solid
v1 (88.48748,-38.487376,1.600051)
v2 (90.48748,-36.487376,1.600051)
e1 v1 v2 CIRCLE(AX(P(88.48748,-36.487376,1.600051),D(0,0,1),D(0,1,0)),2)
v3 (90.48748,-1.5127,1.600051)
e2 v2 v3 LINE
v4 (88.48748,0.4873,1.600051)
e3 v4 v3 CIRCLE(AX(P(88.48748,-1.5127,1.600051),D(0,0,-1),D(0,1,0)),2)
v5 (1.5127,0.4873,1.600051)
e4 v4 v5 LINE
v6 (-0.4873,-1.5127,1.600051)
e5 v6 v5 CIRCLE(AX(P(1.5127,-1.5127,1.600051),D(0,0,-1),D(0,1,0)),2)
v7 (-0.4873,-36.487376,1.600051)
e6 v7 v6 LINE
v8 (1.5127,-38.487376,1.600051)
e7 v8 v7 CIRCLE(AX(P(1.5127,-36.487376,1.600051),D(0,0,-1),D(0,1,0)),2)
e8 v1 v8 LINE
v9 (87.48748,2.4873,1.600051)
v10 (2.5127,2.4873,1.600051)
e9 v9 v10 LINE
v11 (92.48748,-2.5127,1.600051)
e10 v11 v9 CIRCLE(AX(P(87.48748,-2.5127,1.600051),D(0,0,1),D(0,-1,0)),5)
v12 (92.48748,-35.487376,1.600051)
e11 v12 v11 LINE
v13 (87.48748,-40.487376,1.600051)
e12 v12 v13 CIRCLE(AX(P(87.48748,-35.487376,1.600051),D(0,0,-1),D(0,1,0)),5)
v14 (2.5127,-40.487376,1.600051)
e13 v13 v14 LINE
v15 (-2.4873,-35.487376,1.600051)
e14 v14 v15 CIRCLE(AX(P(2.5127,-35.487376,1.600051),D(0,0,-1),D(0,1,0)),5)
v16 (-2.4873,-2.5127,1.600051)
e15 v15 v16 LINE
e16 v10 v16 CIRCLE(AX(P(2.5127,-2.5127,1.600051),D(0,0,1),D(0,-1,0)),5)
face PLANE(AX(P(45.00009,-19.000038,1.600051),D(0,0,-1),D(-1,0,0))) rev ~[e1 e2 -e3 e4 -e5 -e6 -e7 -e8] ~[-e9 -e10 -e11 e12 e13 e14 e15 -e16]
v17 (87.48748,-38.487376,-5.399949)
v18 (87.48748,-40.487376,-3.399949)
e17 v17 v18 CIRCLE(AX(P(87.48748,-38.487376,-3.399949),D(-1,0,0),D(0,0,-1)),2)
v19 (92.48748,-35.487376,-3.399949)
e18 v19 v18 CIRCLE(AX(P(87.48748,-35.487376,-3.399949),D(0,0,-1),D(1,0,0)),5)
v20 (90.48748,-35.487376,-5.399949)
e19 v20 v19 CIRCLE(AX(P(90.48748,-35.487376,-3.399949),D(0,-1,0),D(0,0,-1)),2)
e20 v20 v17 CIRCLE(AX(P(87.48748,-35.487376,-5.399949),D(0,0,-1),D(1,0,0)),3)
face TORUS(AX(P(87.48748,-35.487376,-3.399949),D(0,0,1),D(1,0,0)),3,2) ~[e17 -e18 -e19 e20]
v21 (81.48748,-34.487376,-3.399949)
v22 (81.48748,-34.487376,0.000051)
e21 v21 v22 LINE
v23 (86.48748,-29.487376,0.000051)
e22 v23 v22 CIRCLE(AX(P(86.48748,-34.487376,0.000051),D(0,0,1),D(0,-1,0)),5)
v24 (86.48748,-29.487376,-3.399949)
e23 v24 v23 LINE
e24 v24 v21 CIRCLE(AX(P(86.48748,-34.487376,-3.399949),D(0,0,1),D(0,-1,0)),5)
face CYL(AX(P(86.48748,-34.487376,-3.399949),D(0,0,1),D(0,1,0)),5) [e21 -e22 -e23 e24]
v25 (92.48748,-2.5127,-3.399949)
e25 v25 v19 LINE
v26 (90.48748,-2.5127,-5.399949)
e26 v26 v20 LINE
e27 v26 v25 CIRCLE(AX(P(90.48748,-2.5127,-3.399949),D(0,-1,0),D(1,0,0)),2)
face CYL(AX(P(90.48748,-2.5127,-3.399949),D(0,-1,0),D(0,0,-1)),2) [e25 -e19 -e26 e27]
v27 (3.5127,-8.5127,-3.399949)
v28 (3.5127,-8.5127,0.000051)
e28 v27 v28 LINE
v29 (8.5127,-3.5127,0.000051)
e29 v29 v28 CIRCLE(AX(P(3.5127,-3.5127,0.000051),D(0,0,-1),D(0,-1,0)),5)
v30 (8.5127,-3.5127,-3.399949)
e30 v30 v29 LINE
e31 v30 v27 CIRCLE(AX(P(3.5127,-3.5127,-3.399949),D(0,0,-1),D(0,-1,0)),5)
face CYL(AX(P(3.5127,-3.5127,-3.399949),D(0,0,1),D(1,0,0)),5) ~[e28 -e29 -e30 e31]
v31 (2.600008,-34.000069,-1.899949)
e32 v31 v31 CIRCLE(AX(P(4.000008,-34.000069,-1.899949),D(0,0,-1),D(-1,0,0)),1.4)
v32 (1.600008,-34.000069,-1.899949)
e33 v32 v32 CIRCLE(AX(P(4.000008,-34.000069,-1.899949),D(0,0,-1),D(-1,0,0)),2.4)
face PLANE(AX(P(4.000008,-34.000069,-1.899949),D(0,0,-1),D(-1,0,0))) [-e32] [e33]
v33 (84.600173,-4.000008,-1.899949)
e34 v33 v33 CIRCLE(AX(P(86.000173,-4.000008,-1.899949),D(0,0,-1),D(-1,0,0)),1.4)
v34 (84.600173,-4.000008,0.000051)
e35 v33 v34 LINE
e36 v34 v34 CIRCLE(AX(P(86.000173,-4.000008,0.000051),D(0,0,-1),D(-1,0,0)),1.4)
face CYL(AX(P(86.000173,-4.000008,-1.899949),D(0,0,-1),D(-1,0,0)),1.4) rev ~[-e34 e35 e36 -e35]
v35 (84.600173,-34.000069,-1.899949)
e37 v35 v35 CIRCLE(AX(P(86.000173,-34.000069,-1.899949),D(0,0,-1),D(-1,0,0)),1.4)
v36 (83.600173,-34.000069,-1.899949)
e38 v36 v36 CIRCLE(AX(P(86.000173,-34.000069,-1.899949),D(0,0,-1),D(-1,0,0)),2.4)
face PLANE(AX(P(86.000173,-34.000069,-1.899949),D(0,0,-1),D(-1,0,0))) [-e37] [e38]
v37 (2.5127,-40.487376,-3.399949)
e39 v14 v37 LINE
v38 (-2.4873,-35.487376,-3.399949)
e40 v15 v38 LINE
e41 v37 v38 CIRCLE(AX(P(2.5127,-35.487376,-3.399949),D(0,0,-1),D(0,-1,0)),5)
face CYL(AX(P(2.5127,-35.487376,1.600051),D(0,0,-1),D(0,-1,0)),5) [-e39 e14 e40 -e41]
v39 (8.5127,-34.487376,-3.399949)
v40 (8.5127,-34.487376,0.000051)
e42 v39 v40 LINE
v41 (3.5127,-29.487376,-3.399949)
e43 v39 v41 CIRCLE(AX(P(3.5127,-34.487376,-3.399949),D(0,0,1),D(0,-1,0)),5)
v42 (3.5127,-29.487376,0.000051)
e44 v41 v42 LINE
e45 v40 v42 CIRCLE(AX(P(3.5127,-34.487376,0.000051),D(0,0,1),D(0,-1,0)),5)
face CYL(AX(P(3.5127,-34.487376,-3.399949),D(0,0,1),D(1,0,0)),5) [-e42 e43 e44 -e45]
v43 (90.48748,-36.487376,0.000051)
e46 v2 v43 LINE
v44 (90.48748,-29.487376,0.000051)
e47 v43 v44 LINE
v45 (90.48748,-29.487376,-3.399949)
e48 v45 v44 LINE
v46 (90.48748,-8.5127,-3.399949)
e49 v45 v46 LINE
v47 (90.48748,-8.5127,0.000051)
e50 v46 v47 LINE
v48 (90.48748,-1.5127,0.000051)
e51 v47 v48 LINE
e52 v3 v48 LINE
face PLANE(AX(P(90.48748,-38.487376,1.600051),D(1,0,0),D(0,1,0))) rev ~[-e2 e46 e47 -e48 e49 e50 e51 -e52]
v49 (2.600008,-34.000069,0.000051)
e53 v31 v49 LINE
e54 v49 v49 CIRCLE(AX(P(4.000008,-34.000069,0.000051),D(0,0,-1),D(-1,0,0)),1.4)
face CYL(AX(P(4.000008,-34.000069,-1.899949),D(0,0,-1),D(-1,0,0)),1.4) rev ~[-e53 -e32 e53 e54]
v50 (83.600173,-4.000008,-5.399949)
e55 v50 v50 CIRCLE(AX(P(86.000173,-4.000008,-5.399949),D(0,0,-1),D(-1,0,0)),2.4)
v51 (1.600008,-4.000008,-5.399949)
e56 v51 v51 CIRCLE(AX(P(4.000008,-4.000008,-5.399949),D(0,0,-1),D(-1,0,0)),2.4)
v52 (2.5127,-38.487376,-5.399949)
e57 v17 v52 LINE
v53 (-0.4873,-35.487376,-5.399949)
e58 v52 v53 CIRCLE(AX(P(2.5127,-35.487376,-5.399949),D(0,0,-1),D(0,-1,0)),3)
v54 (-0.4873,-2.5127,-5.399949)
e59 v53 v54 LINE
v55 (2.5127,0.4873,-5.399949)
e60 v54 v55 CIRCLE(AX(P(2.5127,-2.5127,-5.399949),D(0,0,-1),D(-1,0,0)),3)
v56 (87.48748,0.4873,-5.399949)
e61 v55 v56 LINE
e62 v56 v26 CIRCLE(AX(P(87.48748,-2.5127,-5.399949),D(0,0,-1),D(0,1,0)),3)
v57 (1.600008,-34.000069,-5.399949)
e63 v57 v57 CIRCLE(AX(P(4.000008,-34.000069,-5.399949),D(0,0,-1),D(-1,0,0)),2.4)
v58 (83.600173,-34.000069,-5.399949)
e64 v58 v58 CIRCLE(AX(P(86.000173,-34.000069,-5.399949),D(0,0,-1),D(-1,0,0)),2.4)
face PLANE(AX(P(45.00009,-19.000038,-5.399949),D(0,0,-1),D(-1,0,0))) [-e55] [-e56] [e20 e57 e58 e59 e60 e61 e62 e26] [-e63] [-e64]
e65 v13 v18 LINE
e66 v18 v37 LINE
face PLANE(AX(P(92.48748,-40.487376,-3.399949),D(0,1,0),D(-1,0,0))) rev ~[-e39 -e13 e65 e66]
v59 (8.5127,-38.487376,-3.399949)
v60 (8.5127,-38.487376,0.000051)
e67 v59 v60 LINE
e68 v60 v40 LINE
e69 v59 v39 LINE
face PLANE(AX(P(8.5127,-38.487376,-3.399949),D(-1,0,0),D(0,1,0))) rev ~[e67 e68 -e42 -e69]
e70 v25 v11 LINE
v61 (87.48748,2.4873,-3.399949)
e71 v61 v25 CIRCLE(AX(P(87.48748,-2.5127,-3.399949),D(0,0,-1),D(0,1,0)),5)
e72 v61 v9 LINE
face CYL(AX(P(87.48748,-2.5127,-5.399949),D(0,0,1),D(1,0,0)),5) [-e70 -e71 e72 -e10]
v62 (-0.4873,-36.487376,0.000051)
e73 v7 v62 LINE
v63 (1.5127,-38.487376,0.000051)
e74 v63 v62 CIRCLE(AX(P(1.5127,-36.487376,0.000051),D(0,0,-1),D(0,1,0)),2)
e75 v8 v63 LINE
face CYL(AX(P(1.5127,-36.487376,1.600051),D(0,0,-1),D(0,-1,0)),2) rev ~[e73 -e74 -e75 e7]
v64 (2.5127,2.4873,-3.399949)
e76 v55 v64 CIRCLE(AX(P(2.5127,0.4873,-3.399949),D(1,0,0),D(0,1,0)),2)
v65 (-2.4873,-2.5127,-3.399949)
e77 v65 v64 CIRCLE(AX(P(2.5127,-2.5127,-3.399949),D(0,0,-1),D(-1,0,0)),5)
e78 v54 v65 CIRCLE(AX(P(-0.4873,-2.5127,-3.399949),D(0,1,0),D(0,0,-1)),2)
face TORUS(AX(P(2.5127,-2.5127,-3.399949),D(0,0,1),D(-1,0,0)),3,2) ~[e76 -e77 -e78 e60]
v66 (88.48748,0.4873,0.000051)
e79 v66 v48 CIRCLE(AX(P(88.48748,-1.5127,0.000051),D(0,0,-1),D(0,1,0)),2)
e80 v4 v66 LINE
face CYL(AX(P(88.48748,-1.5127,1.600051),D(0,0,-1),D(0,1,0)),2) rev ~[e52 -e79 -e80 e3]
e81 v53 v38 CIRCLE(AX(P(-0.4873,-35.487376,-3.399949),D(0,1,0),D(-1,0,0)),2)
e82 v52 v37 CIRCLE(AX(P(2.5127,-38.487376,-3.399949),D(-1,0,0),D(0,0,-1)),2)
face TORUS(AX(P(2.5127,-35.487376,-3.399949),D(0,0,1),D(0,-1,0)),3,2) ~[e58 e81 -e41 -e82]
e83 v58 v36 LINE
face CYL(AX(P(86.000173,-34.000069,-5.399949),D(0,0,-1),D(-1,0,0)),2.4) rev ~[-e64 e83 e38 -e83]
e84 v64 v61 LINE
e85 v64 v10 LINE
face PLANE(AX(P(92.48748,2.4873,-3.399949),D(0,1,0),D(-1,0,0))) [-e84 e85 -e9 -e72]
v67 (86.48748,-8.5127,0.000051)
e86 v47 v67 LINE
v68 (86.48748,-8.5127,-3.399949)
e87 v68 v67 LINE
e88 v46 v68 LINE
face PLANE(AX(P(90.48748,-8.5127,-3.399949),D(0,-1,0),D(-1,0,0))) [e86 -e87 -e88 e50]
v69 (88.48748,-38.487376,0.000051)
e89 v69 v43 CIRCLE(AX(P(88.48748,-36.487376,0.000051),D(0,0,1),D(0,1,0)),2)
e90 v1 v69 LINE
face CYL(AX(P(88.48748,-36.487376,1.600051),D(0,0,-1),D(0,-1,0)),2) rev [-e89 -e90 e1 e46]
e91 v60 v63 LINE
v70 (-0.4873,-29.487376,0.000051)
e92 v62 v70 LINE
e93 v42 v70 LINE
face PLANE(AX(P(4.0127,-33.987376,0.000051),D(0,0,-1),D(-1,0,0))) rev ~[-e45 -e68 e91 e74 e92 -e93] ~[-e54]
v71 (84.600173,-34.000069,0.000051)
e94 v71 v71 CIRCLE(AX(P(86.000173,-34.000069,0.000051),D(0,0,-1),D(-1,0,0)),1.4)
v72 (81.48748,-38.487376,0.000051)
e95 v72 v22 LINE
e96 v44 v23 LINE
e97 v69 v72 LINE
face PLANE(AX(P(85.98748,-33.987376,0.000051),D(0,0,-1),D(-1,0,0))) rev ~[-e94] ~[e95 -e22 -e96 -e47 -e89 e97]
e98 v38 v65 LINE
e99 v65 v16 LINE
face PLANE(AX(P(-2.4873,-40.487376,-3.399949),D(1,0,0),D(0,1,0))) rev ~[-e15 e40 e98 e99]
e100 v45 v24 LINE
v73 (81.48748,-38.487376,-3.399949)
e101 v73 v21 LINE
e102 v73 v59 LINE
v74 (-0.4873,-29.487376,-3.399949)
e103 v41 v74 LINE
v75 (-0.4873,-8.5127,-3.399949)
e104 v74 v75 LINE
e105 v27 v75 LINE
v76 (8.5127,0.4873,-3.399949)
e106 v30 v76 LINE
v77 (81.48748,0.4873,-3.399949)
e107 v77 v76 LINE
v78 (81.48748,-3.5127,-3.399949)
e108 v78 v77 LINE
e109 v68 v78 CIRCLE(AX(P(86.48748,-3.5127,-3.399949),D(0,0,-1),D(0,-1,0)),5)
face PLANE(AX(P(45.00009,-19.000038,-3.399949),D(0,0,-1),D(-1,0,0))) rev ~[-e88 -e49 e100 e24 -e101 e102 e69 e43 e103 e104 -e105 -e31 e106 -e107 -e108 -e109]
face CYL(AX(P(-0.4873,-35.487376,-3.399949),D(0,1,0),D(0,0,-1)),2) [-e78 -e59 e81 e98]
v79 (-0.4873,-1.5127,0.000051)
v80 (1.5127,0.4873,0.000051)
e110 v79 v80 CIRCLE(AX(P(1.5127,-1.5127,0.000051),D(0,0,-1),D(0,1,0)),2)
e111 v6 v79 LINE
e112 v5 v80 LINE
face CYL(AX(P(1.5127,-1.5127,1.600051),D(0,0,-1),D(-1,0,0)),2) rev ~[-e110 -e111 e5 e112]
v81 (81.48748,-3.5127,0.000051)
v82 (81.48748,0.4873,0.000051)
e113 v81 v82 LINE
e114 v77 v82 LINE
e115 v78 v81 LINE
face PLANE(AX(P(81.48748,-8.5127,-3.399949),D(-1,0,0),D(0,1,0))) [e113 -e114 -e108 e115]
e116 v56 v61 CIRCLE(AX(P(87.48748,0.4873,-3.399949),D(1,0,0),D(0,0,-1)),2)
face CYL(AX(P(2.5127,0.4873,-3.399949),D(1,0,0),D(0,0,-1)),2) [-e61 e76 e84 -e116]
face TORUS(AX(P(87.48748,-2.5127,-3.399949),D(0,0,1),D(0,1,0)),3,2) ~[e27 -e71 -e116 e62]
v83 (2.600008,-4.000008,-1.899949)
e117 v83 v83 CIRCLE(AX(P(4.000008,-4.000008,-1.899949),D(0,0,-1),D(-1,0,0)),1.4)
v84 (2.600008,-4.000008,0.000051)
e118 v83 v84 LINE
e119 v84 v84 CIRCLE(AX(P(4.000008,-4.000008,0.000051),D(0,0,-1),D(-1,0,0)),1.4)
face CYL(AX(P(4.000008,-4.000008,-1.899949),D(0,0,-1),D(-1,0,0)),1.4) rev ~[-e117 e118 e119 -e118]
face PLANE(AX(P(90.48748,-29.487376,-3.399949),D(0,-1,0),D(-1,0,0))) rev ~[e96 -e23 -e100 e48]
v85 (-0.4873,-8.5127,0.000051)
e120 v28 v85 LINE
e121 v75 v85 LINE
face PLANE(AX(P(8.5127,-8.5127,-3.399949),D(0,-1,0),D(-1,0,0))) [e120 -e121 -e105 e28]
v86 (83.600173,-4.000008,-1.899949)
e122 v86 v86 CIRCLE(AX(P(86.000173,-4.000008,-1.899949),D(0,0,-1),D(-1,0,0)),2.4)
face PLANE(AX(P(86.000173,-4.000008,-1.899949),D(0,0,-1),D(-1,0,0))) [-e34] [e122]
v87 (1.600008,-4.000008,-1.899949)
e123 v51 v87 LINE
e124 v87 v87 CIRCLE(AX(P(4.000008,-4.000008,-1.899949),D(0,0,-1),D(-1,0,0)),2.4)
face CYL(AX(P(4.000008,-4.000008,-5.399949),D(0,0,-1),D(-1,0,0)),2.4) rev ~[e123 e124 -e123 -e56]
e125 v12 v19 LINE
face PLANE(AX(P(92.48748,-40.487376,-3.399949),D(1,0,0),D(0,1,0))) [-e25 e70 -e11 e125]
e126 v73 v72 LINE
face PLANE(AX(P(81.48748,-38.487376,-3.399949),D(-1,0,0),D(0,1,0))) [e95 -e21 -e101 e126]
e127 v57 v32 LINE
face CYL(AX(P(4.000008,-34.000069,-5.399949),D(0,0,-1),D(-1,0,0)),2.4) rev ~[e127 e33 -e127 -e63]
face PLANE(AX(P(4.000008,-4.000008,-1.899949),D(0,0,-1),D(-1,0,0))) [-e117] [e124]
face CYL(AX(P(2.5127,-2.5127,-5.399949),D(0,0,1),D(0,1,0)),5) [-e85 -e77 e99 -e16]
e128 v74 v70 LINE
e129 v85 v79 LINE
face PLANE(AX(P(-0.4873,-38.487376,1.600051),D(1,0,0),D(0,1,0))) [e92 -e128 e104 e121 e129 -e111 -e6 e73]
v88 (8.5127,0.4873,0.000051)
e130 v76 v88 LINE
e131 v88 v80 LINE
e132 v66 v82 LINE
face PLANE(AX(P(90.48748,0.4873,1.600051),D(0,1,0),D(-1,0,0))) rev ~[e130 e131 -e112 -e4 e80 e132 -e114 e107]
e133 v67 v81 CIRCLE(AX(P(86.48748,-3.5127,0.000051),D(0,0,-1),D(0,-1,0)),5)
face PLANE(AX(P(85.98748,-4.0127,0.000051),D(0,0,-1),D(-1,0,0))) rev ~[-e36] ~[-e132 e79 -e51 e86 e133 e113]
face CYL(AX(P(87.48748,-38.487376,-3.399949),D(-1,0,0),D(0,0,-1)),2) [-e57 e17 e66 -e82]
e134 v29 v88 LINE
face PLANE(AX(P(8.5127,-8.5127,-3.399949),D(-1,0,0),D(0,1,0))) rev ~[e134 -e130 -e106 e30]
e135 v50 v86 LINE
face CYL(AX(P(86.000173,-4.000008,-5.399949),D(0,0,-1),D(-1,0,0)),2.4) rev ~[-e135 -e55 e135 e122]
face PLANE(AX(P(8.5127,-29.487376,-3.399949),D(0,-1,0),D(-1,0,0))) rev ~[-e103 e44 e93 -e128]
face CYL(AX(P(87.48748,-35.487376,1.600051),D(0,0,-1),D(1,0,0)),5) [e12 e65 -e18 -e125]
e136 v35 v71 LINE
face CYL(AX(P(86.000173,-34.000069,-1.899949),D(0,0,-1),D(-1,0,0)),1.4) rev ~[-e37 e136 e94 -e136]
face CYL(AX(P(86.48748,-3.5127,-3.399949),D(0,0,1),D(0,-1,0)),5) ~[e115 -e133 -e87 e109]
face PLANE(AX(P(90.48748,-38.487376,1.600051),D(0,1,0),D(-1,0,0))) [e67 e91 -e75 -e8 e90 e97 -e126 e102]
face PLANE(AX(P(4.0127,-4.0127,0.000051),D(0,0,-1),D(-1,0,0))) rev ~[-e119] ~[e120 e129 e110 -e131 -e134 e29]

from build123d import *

# Parameters (mm, degrees)
SKETCH_1_W          = 94.97478029
SKETCH_1_H          = 42.97467615
SKETCH_1_W_2        = 90.97478029
SKETCH_1_H_2        = 38.97467615
EXTRUDE_1_DEPTH     = 5
SKETCH_2_W          = 9
SKETCH_2_H          = 9
EXTRUDE_2_DEPTH     = 3.4
FILLET_1_R          = 5
SKETCH_3_W          = 94.97478029
SKETCH_3_H          = 42.97467615
EXTRUDE_3_DEPTH     = 2
SKETCH_4_R          = 2.4
CUT_EXTRUDE_1_DEPTH = 3.5
SKETCH_5_R          = 1.4
CUT_EXTRUDE_2_DEPTH = 102.021837464
FILLET_2_R          = 5
FILLET_3_R          = 2
FILLET_4_R          = 2


with BuildPart() as part:
    # 草图1 → 凸台-拉伸1 (new body)
    with BuildSketch(Plane(origin=(0, 0, 1.6000508), x_dir=(-1, 0, 0), z_dir=(0, 0, -1))):
        with Locations((-45.00009017, -19.0000381)):
            Rectangle(SKETCH_1_W, SKETCH_1_H)
        with Locations((-45.00009017, -19.0000381)):
            Rectangle(SKETCH_1_W_2, SKETCH_1_H_2, mode=Mode.SUBTRACT)
    extrude(amount=EXTRUDE_1_DEPTH)

    # 草图2 → 凸台-拉伸2 (add)
    with BuildSketch(Plane(origin=(0, 0, -3.3999492), x_dir=(-1, 0, 0), z_dir=(0, 0, -1))):
        with Locations((-85.987480315, -4.012700025)):
            Rectangle(SKETCH_2_W, SKETCH_2_H)
        with Locations((-4.012700025, -4.012700025)):
            Rectangle(SKETCH_2_W, SKETCH_2_H)
        with Locations((-4.012700025, -33.987376175)):
            Rectangle(SKETCH_2_W, SKETCH_2_H)
        with Locations((-85.987480315, -33.987376175)):
            Rectangle(SKETCH_2_W, SKETCH_2_H)
    extrude(amount=-EXTRUDE_2_DEPTH)

    # 圆角1
    fillet_1_edges = [part.edges().sort_by_distance(p)[0] for p in [
        (81.487480315, -29.487376175, -1.6999492),
        (8.512700025, -29.487376175, -1.6999492),
        (8.512700025, -8.512700025, -1.6999492),
        (81.487480315, -8.512700025, -1.6999492),
    ]]
    fillet(fillet_1_edges, radius=FILLET_1_R)

    # 草图3 → 凸台-拉伸3 (add)
    with BuildSketch(Plane(origin=(0, 0, -3.3999492), x_dir=(-1, 0, 0), z_dir=(0, 0, -1))):
        with Locations((-45.00009017, -19.0000381)):
            Rectangle(SKETCH_3_W, SKETCH_3_H)
    extrude(amount=EXTRUDE_3_DEPTH)

    # 草图4 → 切除-拉伸1 (cut)
    with BuildSketch(Plane(origin=(0, 0, -5.3999492), x_dir=(-1, 0, 0), z_dir=(0, 0, -1))):
        with Locations((-86.00017272, -4.00000762)):
            Circle(SKETCH_4_R)
        with Locations((-4.00000762, -4.00000762)):
            Circle(SKETCH_4_R)
        with Locations((-4.00000762, -34.00006858)):
            Circle(SKETCH_4_R)
        with Locations((-86.00017272, -34.00006858)):
            Circle(SKETCH_4_R)
    extrude(amount=-CUT_EXTRUDE_1_DEPTH, mode=Mode.SUBTRACT)

    # 草图5 → 切除-拉伸2 (cut, through all)
    with BuildSketch(Plane(origin=(0, 0, -1.8999492), x_dir=(-1, 0, 0), z_dir=(0, 0, -1))):
        with Locations((-86.00017272, -4.00000762)):
            Circle(SKETCH_5_R)
        with Locations((-4.00000762, -4.00000762)):
            Circle(SKETCH_5_R)
        with Locations((-4.00000762, -34.00006858)):
            Circle(SKETCH_5_R)
        with Locations((-86.00017272, -34.00006858)):
            Circle(SKETCH_5_R)
    extrude(amount=-CUT_EXTRUDE_2_DEPTH, mode=Mode.SUBTRACT)

    # 圆角2
    fillet_2_edges = [part.edges().sort_by_distance(p)[0] for p in [
        (92.487480315, 2.487299975, -1.8999492),
        (-2.487299975, 2.487299975, -1.8999492),
        (-2.487299975, -40.487376175, -1.8999492),
        (92.487480315, -40.487376175, -1.8999492),
    ]]
    fillet(fillet_2_edges, radius=FILLET_2_R)

    # 圆角3
    fillet_3_edges = [part.edges().sort_by_distance(p)[0] for p in [
        (45.00009017, -40.487376175, -5.3999492),
        (92.487480315, -19.0000381, -5.3999492),
        (-2.487299975, -19.0000381, -5.3999492),
        (45.00009017, 2.487299975, -5.3999492),
        (91.023014221, 1.022833881, -5.3999492),
        (-1.022833881, 1.022833881, -5.3999492),
        (-1.022833881, -39.022910081, -5.3999492),
        (91.023014221, -39.022910081, -5.3999492),
    ]]
    fillet(fillet_3_edges, radius=FILLET_3_R)

    # 圆角4
    fillet_4_edges = [part.edges().sort_by_distance(p)[0] for p in [
        (-0.487299975, 0.487299975, 0.8000508),
        (90.487480315, 0.487299975, 0.8000508),
        (-0.487299975, -38.487376175, 0.8000508),
        (90.487480315, -38.487376175, 0.8000508),
    ]]
    fillet(fillet_4_edges, radius=FILLET_4_R)


solid = part.part
